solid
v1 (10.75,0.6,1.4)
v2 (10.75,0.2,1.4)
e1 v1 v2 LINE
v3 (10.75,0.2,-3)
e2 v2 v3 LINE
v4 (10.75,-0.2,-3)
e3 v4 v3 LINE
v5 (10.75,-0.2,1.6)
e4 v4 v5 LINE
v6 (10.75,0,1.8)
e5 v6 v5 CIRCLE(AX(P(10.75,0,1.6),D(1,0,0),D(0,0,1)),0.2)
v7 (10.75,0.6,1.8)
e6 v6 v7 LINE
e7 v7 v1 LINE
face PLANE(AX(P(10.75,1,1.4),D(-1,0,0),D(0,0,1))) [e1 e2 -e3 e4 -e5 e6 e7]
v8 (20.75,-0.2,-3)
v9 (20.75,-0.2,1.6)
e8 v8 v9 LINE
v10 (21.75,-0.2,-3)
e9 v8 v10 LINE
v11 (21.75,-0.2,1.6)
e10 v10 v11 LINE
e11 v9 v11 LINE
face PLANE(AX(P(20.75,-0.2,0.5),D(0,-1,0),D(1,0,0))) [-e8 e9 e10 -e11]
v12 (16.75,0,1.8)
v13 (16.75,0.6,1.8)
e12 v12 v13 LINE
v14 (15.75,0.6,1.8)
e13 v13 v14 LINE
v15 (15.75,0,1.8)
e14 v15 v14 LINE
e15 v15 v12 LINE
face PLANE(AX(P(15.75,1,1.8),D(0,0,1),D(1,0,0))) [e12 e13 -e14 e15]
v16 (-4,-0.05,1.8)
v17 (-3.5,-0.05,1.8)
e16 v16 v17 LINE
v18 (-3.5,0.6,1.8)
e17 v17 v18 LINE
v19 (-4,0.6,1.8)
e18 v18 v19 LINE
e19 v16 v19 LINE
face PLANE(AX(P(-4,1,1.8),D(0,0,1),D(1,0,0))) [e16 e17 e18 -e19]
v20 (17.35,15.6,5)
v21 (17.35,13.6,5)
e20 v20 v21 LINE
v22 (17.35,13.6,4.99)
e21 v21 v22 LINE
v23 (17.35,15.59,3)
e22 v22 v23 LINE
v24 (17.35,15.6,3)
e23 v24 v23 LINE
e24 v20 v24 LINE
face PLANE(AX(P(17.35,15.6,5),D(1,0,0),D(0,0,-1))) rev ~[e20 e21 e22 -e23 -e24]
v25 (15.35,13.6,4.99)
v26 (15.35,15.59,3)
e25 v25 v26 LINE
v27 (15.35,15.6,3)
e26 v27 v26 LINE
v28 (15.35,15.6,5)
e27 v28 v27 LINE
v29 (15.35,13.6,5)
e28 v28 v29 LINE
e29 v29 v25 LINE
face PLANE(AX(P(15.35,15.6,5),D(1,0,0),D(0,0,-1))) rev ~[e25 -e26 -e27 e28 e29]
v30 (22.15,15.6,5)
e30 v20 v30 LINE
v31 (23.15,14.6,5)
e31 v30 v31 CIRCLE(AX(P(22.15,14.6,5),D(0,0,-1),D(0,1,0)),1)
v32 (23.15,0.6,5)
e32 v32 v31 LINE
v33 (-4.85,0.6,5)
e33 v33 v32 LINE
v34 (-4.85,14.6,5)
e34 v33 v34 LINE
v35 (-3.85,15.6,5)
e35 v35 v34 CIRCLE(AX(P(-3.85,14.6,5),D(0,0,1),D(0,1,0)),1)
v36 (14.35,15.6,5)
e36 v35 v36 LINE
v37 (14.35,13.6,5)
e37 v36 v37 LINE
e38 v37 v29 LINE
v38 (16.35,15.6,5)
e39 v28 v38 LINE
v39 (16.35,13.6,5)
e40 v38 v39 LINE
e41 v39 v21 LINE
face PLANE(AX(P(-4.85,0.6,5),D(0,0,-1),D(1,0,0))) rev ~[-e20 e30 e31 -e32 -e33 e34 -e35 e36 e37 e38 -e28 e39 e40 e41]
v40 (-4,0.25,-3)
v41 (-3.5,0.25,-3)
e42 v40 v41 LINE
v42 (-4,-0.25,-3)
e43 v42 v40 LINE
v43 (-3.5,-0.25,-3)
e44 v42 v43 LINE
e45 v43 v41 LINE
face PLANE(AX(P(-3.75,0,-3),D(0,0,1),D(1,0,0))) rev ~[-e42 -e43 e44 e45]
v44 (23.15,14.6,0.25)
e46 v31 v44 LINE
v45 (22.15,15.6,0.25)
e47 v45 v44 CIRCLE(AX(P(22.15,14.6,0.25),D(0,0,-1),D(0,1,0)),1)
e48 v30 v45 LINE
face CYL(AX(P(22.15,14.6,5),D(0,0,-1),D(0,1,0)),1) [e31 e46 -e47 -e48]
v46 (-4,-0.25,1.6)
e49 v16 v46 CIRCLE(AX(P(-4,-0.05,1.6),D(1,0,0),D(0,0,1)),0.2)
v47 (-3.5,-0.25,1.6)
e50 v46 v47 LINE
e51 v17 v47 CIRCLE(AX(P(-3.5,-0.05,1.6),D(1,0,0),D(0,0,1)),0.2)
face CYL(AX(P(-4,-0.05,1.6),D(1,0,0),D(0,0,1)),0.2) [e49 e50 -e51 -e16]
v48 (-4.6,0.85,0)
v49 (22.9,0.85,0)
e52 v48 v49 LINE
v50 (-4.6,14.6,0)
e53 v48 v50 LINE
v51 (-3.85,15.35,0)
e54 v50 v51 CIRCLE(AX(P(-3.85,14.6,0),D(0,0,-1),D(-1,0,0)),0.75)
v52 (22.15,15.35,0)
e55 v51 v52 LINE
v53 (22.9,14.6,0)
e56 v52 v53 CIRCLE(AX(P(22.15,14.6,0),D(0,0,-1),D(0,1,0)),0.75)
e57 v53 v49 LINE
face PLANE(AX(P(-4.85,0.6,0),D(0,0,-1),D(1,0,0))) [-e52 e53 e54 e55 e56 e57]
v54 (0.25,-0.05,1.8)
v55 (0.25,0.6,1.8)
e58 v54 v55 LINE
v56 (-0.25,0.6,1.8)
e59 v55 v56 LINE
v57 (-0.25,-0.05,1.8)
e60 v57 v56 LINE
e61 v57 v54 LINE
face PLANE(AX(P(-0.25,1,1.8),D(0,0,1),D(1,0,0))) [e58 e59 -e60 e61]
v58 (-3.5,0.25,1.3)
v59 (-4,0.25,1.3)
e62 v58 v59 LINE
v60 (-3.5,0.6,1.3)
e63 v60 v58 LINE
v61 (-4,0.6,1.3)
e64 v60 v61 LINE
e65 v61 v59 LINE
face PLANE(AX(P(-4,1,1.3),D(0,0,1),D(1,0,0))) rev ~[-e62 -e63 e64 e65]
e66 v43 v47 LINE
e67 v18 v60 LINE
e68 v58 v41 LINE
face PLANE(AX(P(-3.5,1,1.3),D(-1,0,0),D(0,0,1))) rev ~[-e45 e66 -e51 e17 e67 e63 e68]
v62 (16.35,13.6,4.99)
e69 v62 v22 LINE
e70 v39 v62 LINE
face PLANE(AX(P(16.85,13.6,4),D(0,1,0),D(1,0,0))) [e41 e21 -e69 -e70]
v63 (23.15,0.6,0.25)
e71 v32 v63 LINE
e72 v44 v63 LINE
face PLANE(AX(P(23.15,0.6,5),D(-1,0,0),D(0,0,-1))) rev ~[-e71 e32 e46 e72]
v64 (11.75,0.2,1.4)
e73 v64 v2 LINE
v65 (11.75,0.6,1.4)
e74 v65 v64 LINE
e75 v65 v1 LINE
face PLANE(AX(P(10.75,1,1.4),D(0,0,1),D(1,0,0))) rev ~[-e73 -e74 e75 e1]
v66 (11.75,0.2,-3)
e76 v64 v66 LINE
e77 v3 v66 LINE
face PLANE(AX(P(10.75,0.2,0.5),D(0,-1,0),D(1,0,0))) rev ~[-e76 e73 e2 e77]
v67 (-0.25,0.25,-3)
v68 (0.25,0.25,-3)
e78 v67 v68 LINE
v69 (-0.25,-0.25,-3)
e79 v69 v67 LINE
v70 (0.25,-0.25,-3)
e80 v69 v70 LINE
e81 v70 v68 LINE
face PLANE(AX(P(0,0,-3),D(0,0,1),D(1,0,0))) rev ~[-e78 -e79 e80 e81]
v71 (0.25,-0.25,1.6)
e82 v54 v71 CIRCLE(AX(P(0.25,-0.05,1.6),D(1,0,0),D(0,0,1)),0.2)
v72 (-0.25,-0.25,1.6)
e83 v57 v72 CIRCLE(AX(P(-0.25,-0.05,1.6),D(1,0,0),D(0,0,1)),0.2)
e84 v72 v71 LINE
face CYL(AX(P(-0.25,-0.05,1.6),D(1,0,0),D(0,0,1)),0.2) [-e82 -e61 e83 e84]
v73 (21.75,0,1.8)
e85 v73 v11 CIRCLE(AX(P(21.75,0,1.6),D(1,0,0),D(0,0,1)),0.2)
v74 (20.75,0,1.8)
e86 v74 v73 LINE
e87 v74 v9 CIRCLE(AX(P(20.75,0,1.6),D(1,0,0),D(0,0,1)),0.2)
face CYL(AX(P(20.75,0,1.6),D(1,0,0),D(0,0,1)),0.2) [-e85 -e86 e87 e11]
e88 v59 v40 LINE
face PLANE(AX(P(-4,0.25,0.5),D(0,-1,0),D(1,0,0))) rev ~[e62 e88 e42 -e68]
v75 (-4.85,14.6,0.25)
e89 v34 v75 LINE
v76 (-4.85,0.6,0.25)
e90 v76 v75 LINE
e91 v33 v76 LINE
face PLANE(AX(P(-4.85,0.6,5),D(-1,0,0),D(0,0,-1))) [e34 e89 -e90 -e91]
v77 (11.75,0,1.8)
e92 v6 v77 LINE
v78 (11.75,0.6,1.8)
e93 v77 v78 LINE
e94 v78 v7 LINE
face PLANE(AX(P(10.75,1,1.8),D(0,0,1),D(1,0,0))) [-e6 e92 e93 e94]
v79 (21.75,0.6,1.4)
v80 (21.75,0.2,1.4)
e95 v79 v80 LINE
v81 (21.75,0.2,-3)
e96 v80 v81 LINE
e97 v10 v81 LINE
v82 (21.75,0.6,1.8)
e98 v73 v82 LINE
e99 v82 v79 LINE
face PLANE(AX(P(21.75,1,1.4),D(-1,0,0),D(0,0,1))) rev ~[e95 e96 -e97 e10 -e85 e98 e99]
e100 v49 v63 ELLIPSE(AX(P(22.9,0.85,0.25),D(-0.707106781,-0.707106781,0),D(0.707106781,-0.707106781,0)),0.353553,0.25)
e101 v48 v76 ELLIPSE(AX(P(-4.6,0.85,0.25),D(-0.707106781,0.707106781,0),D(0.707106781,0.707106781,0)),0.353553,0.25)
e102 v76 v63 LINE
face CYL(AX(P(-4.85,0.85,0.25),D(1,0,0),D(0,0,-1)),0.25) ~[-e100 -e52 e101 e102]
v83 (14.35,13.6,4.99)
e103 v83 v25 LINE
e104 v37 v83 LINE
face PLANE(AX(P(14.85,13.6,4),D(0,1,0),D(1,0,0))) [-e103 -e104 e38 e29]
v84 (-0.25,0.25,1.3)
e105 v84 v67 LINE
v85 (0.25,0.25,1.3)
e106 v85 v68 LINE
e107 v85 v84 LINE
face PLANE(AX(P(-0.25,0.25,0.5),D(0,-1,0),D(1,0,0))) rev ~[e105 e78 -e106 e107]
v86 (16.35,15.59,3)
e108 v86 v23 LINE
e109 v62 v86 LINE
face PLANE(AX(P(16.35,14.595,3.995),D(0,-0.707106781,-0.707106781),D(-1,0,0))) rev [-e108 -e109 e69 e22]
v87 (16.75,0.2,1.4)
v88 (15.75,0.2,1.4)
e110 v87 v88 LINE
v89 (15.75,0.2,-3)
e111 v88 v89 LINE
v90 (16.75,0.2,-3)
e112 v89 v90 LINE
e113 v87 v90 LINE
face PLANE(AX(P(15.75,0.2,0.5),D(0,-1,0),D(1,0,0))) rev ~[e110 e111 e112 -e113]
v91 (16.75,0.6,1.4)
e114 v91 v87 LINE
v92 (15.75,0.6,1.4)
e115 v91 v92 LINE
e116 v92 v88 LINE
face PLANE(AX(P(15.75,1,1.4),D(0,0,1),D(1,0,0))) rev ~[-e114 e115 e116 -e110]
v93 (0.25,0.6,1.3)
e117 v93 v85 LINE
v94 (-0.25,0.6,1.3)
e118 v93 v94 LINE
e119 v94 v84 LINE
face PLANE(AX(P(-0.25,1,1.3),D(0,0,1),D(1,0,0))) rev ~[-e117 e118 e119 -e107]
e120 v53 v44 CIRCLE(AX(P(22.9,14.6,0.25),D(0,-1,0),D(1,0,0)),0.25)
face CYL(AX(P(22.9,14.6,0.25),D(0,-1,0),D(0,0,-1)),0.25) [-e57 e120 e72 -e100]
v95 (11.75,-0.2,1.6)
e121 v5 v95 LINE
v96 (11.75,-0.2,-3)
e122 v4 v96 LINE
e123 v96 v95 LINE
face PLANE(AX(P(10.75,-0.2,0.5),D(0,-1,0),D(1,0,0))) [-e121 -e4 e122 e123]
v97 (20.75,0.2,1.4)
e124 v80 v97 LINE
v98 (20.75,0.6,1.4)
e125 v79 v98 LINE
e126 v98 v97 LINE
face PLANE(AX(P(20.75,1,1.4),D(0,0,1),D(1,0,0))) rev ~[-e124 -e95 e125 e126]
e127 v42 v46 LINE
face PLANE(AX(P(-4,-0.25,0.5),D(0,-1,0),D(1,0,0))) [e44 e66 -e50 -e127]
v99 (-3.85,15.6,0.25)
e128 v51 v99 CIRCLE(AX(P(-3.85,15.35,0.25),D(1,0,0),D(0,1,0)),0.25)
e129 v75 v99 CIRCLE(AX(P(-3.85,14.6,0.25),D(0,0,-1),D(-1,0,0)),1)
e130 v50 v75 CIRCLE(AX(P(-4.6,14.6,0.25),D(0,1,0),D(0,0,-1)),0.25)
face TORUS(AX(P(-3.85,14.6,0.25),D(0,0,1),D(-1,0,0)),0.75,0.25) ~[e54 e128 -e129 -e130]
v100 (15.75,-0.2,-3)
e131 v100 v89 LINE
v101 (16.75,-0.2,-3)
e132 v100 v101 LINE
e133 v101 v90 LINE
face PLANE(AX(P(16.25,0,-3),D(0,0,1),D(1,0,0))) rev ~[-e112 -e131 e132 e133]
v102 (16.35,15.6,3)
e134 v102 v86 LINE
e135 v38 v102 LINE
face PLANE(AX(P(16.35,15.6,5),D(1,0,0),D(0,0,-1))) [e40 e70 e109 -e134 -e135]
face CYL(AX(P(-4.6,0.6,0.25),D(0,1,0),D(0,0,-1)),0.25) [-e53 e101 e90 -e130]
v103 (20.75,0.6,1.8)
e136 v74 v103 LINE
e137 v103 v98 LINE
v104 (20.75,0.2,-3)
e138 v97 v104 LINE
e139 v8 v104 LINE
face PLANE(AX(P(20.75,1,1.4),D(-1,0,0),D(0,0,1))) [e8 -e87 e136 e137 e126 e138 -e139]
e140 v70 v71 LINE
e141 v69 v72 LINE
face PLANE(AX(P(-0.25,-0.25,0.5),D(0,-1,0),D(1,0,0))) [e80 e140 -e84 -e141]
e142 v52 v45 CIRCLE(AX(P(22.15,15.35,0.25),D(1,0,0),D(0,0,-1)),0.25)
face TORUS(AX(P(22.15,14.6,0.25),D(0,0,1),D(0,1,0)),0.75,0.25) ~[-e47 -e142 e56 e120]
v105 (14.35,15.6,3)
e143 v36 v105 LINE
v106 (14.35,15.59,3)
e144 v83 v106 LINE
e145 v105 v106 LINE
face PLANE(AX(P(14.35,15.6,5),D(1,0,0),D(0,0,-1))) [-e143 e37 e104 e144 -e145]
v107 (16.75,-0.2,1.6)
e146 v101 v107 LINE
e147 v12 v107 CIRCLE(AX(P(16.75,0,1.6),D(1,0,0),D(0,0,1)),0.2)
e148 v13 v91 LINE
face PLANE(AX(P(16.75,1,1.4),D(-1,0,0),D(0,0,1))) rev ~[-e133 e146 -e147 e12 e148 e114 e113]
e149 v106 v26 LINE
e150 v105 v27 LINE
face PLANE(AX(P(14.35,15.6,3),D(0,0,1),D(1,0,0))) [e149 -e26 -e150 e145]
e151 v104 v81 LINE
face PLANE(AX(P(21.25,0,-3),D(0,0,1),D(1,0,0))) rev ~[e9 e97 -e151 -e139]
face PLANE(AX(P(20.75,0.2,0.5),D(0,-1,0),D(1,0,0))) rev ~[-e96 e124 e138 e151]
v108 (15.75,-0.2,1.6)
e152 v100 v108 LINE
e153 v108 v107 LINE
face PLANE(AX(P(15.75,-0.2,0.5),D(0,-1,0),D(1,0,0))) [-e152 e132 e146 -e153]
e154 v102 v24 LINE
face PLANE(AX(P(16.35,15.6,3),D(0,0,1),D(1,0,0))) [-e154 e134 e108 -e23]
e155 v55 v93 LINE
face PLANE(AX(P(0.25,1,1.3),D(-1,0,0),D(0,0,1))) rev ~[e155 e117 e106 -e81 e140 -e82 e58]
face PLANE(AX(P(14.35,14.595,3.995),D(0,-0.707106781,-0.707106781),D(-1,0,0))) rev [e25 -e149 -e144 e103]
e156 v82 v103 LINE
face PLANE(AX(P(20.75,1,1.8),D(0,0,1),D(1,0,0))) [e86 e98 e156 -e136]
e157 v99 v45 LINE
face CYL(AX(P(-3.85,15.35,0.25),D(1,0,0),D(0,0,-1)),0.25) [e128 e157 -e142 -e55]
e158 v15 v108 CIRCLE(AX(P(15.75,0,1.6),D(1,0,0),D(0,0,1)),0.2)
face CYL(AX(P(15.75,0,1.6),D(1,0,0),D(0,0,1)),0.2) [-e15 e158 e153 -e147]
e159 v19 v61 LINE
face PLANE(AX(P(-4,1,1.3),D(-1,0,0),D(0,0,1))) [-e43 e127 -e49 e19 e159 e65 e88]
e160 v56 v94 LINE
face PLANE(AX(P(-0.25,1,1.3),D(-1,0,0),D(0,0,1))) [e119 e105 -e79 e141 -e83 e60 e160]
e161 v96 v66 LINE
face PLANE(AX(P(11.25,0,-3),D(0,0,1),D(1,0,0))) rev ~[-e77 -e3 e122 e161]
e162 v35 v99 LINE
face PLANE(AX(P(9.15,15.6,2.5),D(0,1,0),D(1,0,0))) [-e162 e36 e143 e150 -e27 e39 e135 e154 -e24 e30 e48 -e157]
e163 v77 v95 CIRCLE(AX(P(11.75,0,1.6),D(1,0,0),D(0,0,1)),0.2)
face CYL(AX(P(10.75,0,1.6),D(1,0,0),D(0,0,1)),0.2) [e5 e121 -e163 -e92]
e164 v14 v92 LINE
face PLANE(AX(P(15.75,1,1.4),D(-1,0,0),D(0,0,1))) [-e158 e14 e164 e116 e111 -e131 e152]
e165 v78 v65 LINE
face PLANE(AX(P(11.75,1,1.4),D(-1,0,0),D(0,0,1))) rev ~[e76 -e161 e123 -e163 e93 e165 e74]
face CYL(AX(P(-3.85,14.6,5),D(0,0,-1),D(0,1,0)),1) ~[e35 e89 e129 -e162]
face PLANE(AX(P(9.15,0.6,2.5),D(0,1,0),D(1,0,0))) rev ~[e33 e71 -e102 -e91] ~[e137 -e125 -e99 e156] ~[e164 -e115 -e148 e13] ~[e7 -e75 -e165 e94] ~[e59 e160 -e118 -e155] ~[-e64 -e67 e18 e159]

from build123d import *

# Parameters (mm, degrees)
SKETCH003_W    = 0.5
SKETCH003_H    = 0.5
SKETCH003_W_2  = 1
SKETCH003_H_2  = 0.4
PAD002_DEPTH   = 1
SKETCH001_W    = 28
SKETCH001_H    = 5
PAD001_DEPTH   = 15
SKETCH002_W    = 1
SKETCH002_H    = 2
POCKET_DEPTH   = 2
CHAMFER_SIZE   = 1.99
FILLET_R       = 1
FILLET001_R    = 0.25
SKETCH_W       = 0.5
SKETCH_H       = 0.5
SKETCH_W_2     = 1
SKETCH_H_2     = 0.4
PAD_DEPTH      = 1.3
PAD_DEPTH_BACK = 3.5
FILLET003_R    = 0.2


with BuildPart() as pad002:
    # Sketch003 → Pad002 (new body)
    with BuildSketch(Plane(origin=(-3.75, 1, 1.6), x_dir=(1, 0, 0), z_dir=(0, -1, 0))):
        with Locations((0, -0.05)):
            Rectangle(SKETCH003_W, SKETCH003_H)
        with Locations((3.75, -0.05)):
            Rectangle(SKETCH003_W, SKETCH003_H)
        with Locations((15, 0)):
            Rectangle(SKETCH003_W_2, SKETCH003_H_2)
        with Locations((20, 0)):
            Rectangle(SKETCH003_W_2, SKETCH003_H_2)
        with Locations((25, 0)):
            Rectangle(SKETCH003_W_2, SKETCH003_H_2)
    extrude(amount=PAD002_DEPTH)


with BuildPart() as fillet001:
    # Sketch001 → Pad001 (new body)
    with BuildSketch(Plane(origin=(-3.75, 0.6, 1.3), x_dir=(1, 0, 0), z_dir=(0, 1, 0))):
        with Locations((12.9, -1.2)):
            Rectangle(SKETCH001_W, SKETCH001_H)
    extrude(amount=PAD001_DEPTH)

    # Sketch002 → Pocket (cut)
    with BuildSketch(Plane(origin=(-3.75, 15.6, 1.3), x_dir=(1, 0, 0), z_dir=(0, 1, 0))):
        with Locations((18.6, -2.7)):
            Rectangle(SKETCH002_W, SKETCH002_H)
        with Locations((20.6, -2.7)):
            Rectangle(SKETCH002_W, SKETCH002_H)
    extrude(amount=-POCKET_DEPTH, mode=Mode.SUBTRACT)

    # Chamfer
    chamfer_edges = [fillet001.edges().sort_by_distance(p)[0] for p in [
        (16.85, 13.6, 3),
        (14.85, 13.6, 3),
    ]]
    chamfer(chamfer_edges, length=CHAMFER_SIZE)

    # Fillet
    fillet_edges = [fillet001.edges().sort_by_distance(p)[0] for p in [
        (-4.85, 15.6, 2.5),
        (23.15, 15.6, 2.5),
    ]]
    fillet(fillet_edges, radius=FILLET_R)

    # Fillet001
    fillet001_edges = [fillet001.edges().sort_by_distance(p)[0] for p in [
        (-4.85, 7.6, 0),
        (-4.557107, 15.307107, 0),
        (9.15, 0.6, 0),
        (9.15, 15.6, 0),
        (23.15, 7.6, 0),
        (22.857107, 15.307107, 0),
    ]]
    fillet(fillet001_edges, radius=FILLET001_R)


with BuildPart() as relay_spdt_finder_34_51_horizontal:
    # Sketch → Pad (new body, two sides)
    with BuildSketch(Plane(origin=(-3.75, 0, 0.5), x_dir=(1, 0, 0), z_dir=(0, 0, 1))) as pad_sk:
        Rectangle(SKETCH_W, SKETCH_H)
        with Locations((3.75, 0)):
            Rectangle(SKETCH_W, SKETCH_H)
        with Locations((15, 0)):
            Rectangle(SKETCH_W_2, SKETCH_H_2)
        with Locations((20, 0)):
            Rectangle(SKETCH_W_2, SKETCH_H_2)
        with Locations((25, 0)):
            Rectangle(SKETCH_W_2, SKETCH_H_2)
    extrude(amount=PAD_DEPTH)
    extrude(pad_sk.sketch, amount=-PAD_DEPTH_BACK)

    # Fillet003
    fillet003_edges = [relay_spdt_finder_34_51_horizontal.edges().sort_by_distance(p)[0] for p in [
        (-3.75, -0.25, 1.8),
        (0, -0.25, 1.8),
        (11.25, -0.2, 1.8),
        (16.25, -0.2, 1.8),
        (21.25, -0.2, 1.8),
    ]]
    fillet(fillet003_edges, radius=FILLET003_R)

    # Fillet003_mp_cp: union Pad002, Fillet001
    add(pad002.part)
    add(fillet001.part)


solid = relay_spdt_finder_34_51_horizontal.part
